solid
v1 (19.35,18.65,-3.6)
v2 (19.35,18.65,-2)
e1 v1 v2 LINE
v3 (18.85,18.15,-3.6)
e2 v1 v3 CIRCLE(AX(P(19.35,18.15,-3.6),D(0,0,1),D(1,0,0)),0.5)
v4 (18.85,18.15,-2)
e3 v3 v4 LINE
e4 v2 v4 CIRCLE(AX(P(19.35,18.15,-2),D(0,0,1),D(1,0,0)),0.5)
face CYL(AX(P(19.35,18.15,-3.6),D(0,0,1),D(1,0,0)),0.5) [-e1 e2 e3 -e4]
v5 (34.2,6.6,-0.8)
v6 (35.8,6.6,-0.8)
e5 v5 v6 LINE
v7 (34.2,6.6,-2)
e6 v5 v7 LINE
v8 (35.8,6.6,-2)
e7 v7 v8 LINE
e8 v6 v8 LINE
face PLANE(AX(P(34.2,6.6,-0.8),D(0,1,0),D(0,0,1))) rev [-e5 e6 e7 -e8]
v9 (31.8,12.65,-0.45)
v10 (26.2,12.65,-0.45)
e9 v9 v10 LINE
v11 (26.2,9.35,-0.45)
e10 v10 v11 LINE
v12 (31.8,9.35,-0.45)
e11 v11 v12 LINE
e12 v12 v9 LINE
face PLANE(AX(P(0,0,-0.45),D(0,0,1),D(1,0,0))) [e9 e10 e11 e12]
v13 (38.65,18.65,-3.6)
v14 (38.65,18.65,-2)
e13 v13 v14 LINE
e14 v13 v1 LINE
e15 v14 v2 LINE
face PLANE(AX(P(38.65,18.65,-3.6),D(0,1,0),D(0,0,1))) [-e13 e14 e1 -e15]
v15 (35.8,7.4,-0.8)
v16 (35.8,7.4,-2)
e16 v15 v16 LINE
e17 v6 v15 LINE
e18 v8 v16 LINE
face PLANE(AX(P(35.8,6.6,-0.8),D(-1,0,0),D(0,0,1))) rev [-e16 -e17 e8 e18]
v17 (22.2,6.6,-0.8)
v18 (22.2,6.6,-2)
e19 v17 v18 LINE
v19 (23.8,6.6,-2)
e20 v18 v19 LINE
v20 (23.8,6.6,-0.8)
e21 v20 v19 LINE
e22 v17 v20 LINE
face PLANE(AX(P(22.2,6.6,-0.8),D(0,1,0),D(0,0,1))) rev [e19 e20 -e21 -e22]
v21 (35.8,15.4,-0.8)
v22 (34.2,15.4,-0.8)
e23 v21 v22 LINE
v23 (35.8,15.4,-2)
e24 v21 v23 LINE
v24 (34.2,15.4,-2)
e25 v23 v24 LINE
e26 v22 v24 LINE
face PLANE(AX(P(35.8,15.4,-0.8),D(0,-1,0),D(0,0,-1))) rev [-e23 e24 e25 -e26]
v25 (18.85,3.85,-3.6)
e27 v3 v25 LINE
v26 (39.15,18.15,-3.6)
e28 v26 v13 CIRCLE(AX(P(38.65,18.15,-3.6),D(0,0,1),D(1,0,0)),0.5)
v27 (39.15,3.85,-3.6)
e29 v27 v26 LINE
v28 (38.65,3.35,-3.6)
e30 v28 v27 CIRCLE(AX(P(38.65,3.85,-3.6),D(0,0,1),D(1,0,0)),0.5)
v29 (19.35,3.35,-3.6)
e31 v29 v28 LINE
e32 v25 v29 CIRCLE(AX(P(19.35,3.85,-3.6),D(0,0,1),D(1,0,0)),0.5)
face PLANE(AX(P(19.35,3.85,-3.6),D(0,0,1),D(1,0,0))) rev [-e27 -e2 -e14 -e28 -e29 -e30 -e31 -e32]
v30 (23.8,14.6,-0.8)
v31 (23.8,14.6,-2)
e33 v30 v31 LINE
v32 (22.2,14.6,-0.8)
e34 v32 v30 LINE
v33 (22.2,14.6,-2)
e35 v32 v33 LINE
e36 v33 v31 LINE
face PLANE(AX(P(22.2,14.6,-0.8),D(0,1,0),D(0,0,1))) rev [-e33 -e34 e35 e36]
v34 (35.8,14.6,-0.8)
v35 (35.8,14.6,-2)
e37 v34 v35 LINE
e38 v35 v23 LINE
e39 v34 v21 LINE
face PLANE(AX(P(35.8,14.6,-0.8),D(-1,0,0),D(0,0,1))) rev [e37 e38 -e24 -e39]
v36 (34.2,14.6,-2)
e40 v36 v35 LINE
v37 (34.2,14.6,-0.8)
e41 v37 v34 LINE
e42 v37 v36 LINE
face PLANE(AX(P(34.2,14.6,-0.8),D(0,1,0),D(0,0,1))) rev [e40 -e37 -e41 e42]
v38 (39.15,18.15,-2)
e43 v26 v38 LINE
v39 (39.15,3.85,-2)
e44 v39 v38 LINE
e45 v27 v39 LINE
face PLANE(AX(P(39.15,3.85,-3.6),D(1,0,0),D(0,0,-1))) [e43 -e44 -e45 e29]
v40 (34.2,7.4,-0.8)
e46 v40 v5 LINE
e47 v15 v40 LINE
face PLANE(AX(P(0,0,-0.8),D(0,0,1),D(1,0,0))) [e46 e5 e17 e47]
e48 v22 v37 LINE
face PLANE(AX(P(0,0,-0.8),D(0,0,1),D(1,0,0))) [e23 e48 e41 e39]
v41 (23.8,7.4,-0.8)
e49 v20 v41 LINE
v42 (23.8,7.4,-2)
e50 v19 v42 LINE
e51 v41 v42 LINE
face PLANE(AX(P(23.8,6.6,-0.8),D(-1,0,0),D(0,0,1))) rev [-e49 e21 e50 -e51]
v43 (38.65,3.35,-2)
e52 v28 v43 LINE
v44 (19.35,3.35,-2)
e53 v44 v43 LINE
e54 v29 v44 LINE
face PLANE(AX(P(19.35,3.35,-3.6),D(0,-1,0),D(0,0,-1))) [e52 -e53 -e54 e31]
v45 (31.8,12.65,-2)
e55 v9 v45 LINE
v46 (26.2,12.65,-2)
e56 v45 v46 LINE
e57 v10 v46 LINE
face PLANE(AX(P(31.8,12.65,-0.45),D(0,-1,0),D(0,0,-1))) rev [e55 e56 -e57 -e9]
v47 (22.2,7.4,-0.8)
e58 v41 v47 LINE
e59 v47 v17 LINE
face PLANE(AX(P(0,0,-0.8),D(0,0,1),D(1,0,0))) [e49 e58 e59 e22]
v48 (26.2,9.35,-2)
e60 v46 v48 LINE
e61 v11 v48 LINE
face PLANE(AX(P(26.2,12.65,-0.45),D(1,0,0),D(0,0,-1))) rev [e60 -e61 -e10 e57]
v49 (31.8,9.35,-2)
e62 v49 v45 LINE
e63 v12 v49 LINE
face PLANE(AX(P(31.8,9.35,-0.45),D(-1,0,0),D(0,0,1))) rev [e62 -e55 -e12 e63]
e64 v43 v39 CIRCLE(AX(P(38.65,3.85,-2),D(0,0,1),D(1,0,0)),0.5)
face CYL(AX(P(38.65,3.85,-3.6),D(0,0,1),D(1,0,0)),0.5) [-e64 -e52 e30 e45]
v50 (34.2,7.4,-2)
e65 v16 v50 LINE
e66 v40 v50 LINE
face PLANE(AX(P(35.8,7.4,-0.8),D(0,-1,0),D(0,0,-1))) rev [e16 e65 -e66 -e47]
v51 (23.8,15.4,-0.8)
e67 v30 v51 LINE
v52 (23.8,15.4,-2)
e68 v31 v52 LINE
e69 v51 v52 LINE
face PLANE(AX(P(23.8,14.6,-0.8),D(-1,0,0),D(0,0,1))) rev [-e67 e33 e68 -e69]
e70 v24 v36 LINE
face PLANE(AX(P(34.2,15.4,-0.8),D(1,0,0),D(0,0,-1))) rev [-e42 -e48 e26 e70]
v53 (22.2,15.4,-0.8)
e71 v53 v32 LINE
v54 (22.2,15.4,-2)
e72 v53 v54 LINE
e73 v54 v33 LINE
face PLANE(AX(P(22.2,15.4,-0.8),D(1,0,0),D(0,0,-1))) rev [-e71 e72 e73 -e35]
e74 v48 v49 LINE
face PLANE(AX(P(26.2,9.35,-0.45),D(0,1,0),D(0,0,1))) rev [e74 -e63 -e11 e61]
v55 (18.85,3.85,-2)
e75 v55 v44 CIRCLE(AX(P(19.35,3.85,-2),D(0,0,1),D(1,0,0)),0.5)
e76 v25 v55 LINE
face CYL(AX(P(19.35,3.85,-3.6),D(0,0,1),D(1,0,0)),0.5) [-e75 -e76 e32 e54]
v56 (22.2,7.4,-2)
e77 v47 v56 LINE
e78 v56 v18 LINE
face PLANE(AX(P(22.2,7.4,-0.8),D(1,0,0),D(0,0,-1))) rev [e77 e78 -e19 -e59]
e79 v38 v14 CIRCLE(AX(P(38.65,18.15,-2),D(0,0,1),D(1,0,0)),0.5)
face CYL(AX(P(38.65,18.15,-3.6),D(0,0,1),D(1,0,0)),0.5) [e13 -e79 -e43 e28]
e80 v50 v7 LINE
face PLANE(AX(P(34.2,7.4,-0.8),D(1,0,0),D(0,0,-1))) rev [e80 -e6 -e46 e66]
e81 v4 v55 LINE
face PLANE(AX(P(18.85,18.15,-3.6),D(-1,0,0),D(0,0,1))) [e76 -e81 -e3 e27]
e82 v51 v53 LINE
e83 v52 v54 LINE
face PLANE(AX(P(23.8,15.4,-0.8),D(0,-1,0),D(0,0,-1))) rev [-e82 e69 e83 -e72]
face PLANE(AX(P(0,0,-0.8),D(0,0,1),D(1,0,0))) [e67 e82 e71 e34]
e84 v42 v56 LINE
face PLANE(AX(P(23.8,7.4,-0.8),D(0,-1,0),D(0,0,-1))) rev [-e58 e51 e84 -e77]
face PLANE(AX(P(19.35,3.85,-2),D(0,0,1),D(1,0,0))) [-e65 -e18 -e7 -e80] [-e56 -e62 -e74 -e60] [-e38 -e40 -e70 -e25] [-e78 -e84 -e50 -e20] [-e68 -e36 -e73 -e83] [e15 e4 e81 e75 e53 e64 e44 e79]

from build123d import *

# Parameters (mm, degrees)
PCB_DEPTH   = 1.6
IC_SK2_W    = 5.6
IC_SK2_H    = 3.3
IC_DEPTH    = 1.55
PARTS_SK3_W = 1.6
PARTS_SK3_H = 0.8
PARTS_DEPTH = 1.2


with BuildPart() as part:
    # PCB_Sk1 → PCB (new body)
    with BuildSketch(Plane.XY.offset(-2)):
        with BuildLine():
            Line((19.35, 3.35), (38.65, 3.35))
            ThreePointArc((38.65, 3.35), (39.003553391, 3.496446609), (39.15, 3.85))
            Line((39.15, 3.85), (39.15, 18.15))
            ThreePointArc((39.15, 18.15), (39.003553391, 18.503553391), (38.65, 18.65))
            Line((38.65, 18.65), (19.35, 18.65))
            ThreePointArc((19.35, 18.65), (18.996446609, 18.503553391), (18.85, 18.15))
            Line((18.85, 18.15), (18.85, 3.85))
            ThreePointArc((18.85, 3.85), (18.996446609, 3.496446609), (19.35, 3.35))
        make_face()
    extrude(amount=-PCB_DEPTH)

    # IC_Sk2 → IC (add)
    with BuildSketch(Plane.XY.offset(-2)):
        with Locations((29, 11)):
            Rectangle(IC_SK2_W, IC_SK2_H)
    extrude(amount=IC_DEPTH)

    # Parts_Sk3 → Parts (add)
    with BuildSketch(Plane.XY.offset(-2)):
        with Locations((23, 7)):
            Rectangle(PARTS_SK3_W, PARTS_SK3_H)
        with Locations((23, 15)):
            Rectangle(PARTS_SK3_W, PARTS_SK3_H)
        with Locations((35, 7)):
            Rectangle(PARTS_SK3_W, PARTS_SK3_H)
        with Locations((35, 15)):
            Rectangle(PARTS_SK3_W, PARTS_SK3_H)
    extrude(amount=PARTS_DEPTH)


solid = part.part
